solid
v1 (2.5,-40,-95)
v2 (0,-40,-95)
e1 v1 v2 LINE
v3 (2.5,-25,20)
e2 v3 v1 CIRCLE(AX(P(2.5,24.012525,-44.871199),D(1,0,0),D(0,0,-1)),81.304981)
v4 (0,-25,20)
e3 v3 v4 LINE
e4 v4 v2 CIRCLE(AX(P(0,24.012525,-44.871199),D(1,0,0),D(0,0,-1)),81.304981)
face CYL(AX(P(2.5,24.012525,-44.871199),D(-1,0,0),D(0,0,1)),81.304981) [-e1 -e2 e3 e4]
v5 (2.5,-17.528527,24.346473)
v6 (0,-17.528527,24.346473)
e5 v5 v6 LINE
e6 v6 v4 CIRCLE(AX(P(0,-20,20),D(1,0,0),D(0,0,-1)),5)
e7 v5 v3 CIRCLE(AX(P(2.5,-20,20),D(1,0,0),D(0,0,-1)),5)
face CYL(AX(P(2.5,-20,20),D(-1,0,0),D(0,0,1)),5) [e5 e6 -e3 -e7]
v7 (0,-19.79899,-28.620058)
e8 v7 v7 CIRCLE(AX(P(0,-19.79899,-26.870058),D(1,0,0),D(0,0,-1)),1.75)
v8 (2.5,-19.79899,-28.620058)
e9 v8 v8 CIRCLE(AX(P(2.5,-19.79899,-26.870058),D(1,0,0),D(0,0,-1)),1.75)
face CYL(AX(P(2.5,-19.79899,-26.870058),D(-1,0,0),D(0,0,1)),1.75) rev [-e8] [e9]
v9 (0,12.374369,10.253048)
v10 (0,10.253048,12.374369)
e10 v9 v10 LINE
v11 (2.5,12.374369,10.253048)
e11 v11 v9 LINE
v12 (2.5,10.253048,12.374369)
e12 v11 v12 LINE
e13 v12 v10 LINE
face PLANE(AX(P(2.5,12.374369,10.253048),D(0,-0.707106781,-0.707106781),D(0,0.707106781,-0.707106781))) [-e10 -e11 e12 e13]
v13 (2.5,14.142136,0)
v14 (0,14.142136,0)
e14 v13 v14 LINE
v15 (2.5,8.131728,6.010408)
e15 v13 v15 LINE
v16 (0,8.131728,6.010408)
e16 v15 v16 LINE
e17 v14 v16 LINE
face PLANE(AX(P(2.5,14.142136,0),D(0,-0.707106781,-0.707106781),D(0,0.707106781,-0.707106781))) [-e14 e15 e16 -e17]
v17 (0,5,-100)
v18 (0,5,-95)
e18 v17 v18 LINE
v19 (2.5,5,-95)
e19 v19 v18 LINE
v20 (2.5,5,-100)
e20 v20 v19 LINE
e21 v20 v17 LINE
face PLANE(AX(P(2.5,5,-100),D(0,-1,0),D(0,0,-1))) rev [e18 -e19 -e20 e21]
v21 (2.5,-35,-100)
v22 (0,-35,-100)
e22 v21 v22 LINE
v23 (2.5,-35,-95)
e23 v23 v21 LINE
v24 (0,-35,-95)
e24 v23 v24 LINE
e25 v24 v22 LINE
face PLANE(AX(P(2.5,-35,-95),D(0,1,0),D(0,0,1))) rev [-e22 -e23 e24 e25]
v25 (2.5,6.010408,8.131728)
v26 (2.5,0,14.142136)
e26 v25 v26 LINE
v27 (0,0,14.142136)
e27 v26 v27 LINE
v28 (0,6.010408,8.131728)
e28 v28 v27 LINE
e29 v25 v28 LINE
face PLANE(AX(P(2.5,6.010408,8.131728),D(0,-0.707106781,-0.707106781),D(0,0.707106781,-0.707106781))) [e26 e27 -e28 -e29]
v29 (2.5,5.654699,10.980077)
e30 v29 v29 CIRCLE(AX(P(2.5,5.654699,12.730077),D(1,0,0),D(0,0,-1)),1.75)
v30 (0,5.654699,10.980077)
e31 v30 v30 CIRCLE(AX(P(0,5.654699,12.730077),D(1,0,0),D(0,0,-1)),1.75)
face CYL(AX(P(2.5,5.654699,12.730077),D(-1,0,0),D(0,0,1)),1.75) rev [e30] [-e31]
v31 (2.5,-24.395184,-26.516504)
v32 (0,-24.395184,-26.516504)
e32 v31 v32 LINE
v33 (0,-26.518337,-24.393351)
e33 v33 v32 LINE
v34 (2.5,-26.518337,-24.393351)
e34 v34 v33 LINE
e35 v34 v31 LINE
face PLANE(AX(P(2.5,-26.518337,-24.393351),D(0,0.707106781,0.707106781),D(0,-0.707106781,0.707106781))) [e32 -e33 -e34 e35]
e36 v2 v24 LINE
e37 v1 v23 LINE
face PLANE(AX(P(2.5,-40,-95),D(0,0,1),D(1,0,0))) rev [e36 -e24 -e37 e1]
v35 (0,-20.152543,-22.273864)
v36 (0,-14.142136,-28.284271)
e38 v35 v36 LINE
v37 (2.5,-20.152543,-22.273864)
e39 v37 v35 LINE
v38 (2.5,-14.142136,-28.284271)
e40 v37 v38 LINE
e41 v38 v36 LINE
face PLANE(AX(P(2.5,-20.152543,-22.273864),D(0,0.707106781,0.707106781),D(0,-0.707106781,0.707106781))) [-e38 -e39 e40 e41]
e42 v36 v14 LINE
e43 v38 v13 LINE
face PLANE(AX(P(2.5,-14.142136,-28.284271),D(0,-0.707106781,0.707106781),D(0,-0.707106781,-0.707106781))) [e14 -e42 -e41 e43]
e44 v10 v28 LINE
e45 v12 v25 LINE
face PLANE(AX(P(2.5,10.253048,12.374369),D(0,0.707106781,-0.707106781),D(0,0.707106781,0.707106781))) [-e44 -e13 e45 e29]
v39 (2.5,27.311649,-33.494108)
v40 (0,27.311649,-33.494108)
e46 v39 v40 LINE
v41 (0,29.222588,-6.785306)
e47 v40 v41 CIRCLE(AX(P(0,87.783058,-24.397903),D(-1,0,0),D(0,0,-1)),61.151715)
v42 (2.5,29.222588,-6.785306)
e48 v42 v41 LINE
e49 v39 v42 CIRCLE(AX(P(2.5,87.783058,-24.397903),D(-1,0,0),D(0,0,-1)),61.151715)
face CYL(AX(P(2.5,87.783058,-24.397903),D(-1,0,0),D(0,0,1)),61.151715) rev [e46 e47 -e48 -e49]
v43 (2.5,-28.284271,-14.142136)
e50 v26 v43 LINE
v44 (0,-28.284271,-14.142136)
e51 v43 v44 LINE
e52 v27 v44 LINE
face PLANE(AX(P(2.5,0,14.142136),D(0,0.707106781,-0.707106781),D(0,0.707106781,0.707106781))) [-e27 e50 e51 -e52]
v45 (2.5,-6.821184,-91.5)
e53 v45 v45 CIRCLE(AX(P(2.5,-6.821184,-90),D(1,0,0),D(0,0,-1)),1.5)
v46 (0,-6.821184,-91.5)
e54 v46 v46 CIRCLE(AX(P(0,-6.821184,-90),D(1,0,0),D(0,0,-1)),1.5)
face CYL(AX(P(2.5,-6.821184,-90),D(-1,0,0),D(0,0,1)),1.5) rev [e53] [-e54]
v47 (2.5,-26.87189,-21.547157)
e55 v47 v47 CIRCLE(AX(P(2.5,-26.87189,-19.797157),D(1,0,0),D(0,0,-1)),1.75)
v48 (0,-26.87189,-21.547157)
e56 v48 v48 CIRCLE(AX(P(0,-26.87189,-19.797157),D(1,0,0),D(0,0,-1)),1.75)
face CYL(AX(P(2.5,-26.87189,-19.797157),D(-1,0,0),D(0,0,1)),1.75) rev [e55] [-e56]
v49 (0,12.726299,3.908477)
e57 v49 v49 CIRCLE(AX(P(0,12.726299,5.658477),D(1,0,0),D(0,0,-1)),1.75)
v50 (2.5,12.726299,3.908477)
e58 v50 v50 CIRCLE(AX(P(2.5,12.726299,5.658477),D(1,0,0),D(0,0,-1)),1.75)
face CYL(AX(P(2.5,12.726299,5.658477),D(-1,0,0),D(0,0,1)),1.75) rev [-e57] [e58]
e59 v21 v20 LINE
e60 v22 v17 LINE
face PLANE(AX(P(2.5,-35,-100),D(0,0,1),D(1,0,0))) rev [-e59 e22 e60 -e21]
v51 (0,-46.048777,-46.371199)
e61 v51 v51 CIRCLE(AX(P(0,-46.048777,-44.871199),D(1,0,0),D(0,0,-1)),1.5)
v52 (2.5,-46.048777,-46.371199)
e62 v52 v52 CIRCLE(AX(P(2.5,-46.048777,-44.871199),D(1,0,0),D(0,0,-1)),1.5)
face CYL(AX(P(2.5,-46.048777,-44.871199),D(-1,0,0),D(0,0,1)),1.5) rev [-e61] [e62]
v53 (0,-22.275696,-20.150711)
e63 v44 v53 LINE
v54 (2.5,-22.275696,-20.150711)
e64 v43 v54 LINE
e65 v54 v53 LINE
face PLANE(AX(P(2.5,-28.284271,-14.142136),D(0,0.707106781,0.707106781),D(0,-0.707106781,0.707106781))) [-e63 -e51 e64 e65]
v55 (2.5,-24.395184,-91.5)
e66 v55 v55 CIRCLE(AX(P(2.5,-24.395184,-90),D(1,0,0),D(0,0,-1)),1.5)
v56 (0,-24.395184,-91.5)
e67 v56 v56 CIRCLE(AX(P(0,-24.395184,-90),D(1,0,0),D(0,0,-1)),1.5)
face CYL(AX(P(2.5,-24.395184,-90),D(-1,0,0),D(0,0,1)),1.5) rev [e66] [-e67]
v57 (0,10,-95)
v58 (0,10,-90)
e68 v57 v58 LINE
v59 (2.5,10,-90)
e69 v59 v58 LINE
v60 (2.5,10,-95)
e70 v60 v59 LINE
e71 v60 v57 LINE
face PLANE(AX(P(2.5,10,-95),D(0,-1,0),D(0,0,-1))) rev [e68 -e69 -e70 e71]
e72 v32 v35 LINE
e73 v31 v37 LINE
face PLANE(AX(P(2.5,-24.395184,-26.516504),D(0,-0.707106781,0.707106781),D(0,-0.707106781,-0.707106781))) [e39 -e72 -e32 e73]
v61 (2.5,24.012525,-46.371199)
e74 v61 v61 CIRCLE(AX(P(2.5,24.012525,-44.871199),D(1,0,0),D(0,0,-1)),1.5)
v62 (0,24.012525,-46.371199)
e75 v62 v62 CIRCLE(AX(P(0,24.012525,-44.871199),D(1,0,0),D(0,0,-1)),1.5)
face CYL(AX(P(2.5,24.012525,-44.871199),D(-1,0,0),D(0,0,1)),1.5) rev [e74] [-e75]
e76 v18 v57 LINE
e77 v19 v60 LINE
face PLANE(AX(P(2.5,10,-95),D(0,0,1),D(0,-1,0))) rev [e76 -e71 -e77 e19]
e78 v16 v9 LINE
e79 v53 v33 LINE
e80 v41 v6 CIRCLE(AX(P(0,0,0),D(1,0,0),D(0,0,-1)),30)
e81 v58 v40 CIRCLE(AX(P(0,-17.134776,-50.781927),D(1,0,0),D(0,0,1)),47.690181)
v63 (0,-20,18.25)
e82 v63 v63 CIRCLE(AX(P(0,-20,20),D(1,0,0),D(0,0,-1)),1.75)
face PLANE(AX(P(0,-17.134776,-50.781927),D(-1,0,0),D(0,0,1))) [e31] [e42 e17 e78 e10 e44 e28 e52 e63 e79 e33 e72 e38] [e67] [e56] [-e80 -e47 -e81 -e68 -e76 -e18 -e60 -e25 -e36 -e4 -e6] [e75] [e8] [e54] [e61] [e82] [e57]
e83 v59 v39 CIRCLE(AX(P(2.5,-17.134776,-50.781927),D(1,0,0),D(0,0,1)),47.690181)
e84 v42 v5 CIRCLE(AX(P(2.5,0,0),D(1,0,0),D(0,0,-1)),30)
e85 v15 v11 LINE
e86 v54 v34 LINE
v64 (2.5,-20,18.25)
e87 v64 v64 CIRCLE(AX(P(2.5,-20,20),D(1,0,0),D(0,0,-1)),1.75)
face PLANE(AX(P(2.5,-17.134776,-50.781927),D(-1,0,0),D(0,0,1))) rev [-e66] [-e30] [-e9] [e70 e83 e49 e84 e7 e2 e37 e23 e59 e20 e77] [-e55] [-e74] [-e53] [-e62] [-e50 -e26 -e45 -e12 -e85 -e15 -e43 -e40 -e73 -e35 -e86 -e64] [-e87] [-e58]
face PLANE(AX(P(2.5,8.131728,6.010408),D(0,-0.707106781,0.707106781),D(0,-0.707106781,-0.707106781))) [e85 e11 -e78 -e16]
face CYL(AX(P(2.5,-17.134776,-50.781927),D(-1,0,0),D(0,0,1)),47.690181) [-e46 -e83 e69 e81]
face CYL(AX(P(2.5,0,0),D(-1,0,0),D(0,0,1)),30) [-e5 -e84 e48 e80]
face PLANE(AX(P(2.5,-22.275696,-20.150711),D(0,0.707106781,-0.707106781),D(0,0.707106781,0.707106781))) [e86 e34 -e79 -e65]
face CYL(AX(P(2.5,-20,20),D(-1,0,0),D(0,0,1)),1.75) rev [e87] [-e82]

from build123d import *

# Parameters (mm, degrees)
CROQUIS1_R              = 1.75
CROQUIS1_R_2            = 1.5
SALIENTE_EXTRUIR1_DEPTH = 2.5


with BuildPart() as part:
    # Croquis1 → Saliente-Extruir1 (new body)
    with BuildSketch(Plane(origin=(0, 0, 0), x_dir=(0, 0, -1), z_dir=(1, 0, 0))):
        with BuildLine():
            Line((95, 10), (90, 10))
            ThreePointArc((90, 10), (64.751798433, 28.463425825), (33.494108419, 27.311648705))
            ThreePointArc((33.494108419, 27.311648705), (20.033827629, 26.787261985), (6.785305839, 29.222587577))
            ThreePointArc((6.785305839, 29.222587577), (-24.970289012, 16.62782808), (-24.346472536, -17.528527464))
            ThreePointArc((-24.346472536, -17.528527464), (-24.321884003, -22.514223272), (-20, -25))
            ThreePointArc((-20, -25), (34.355278896, -56.609528466), (95, -40))
            Line((95, -40), (95, -35))
            Line((95, -35), (100, -35))
            Line((100, -35), (100, 5))
            Line((100, 5), (95, 5))
            Line((95, 5), (95, 10))
        make_face()
        with Locations((-12.730077402, 5.654698909)):
            Circle(CROQUIS1_R, mode=Mode.SUBTRACT)
        with Locations((-5.658477353, 12.726298958)):
            Circle(CROQUIS1_R, mode=Mode.SUBTRACT)
        with Locations((26.870057685, -19.798989873)):
            Circle(CROQUIS1_R, mode=Mode.SUBTRACT)
        with Locations((19.797157185, -26.871890373)):
            Circle(CROQUIS1_R, mode=Mode.SUBTRACT)
        with Locations((-20, -20)):
            Circle(CROQUIS1_R, mode=Mode.SUBTRACT)
        with Locations((90, -6.821183735)):
            Circle(CROQUIS1_R_2, mode=Mode.SUBTRACT)
        with Locations((90, -24.395183951)):
            Circle(CROQUIS1_R_2, mode=Mode.SUBTRACT)
        with Locations((44.87119885, -46.048776814)):
            Circle(CROQUIS1_R_2, mode=Mode.SUBTRACT)
        with Locations((44.87119885, 24.012524519)):
            Circle(CROQUIS1_R_2, mode=Mode.SUBTRACT)
        Polygon((-14.142135624, 0), (14.142135624, -28.284271247), (20.150710576, -22.275696296), (24.393351263, -26.518336983), (26.516504294, -24.395183951), (22.273863607, -20.152543264), (28.284271247, -14.142135624), (0, 14.142135624), (-6.01040764, 8.131727984), (-10.253048327, 12.374368671), (-12.374368671, 10.253048327), (-8.131727984, 6.01040764), align=None, mode=Mode.SUBTRACT)
    extrude(amount=SALIENTE_EXTRUIR1_DEPTH)


solid = part.part
